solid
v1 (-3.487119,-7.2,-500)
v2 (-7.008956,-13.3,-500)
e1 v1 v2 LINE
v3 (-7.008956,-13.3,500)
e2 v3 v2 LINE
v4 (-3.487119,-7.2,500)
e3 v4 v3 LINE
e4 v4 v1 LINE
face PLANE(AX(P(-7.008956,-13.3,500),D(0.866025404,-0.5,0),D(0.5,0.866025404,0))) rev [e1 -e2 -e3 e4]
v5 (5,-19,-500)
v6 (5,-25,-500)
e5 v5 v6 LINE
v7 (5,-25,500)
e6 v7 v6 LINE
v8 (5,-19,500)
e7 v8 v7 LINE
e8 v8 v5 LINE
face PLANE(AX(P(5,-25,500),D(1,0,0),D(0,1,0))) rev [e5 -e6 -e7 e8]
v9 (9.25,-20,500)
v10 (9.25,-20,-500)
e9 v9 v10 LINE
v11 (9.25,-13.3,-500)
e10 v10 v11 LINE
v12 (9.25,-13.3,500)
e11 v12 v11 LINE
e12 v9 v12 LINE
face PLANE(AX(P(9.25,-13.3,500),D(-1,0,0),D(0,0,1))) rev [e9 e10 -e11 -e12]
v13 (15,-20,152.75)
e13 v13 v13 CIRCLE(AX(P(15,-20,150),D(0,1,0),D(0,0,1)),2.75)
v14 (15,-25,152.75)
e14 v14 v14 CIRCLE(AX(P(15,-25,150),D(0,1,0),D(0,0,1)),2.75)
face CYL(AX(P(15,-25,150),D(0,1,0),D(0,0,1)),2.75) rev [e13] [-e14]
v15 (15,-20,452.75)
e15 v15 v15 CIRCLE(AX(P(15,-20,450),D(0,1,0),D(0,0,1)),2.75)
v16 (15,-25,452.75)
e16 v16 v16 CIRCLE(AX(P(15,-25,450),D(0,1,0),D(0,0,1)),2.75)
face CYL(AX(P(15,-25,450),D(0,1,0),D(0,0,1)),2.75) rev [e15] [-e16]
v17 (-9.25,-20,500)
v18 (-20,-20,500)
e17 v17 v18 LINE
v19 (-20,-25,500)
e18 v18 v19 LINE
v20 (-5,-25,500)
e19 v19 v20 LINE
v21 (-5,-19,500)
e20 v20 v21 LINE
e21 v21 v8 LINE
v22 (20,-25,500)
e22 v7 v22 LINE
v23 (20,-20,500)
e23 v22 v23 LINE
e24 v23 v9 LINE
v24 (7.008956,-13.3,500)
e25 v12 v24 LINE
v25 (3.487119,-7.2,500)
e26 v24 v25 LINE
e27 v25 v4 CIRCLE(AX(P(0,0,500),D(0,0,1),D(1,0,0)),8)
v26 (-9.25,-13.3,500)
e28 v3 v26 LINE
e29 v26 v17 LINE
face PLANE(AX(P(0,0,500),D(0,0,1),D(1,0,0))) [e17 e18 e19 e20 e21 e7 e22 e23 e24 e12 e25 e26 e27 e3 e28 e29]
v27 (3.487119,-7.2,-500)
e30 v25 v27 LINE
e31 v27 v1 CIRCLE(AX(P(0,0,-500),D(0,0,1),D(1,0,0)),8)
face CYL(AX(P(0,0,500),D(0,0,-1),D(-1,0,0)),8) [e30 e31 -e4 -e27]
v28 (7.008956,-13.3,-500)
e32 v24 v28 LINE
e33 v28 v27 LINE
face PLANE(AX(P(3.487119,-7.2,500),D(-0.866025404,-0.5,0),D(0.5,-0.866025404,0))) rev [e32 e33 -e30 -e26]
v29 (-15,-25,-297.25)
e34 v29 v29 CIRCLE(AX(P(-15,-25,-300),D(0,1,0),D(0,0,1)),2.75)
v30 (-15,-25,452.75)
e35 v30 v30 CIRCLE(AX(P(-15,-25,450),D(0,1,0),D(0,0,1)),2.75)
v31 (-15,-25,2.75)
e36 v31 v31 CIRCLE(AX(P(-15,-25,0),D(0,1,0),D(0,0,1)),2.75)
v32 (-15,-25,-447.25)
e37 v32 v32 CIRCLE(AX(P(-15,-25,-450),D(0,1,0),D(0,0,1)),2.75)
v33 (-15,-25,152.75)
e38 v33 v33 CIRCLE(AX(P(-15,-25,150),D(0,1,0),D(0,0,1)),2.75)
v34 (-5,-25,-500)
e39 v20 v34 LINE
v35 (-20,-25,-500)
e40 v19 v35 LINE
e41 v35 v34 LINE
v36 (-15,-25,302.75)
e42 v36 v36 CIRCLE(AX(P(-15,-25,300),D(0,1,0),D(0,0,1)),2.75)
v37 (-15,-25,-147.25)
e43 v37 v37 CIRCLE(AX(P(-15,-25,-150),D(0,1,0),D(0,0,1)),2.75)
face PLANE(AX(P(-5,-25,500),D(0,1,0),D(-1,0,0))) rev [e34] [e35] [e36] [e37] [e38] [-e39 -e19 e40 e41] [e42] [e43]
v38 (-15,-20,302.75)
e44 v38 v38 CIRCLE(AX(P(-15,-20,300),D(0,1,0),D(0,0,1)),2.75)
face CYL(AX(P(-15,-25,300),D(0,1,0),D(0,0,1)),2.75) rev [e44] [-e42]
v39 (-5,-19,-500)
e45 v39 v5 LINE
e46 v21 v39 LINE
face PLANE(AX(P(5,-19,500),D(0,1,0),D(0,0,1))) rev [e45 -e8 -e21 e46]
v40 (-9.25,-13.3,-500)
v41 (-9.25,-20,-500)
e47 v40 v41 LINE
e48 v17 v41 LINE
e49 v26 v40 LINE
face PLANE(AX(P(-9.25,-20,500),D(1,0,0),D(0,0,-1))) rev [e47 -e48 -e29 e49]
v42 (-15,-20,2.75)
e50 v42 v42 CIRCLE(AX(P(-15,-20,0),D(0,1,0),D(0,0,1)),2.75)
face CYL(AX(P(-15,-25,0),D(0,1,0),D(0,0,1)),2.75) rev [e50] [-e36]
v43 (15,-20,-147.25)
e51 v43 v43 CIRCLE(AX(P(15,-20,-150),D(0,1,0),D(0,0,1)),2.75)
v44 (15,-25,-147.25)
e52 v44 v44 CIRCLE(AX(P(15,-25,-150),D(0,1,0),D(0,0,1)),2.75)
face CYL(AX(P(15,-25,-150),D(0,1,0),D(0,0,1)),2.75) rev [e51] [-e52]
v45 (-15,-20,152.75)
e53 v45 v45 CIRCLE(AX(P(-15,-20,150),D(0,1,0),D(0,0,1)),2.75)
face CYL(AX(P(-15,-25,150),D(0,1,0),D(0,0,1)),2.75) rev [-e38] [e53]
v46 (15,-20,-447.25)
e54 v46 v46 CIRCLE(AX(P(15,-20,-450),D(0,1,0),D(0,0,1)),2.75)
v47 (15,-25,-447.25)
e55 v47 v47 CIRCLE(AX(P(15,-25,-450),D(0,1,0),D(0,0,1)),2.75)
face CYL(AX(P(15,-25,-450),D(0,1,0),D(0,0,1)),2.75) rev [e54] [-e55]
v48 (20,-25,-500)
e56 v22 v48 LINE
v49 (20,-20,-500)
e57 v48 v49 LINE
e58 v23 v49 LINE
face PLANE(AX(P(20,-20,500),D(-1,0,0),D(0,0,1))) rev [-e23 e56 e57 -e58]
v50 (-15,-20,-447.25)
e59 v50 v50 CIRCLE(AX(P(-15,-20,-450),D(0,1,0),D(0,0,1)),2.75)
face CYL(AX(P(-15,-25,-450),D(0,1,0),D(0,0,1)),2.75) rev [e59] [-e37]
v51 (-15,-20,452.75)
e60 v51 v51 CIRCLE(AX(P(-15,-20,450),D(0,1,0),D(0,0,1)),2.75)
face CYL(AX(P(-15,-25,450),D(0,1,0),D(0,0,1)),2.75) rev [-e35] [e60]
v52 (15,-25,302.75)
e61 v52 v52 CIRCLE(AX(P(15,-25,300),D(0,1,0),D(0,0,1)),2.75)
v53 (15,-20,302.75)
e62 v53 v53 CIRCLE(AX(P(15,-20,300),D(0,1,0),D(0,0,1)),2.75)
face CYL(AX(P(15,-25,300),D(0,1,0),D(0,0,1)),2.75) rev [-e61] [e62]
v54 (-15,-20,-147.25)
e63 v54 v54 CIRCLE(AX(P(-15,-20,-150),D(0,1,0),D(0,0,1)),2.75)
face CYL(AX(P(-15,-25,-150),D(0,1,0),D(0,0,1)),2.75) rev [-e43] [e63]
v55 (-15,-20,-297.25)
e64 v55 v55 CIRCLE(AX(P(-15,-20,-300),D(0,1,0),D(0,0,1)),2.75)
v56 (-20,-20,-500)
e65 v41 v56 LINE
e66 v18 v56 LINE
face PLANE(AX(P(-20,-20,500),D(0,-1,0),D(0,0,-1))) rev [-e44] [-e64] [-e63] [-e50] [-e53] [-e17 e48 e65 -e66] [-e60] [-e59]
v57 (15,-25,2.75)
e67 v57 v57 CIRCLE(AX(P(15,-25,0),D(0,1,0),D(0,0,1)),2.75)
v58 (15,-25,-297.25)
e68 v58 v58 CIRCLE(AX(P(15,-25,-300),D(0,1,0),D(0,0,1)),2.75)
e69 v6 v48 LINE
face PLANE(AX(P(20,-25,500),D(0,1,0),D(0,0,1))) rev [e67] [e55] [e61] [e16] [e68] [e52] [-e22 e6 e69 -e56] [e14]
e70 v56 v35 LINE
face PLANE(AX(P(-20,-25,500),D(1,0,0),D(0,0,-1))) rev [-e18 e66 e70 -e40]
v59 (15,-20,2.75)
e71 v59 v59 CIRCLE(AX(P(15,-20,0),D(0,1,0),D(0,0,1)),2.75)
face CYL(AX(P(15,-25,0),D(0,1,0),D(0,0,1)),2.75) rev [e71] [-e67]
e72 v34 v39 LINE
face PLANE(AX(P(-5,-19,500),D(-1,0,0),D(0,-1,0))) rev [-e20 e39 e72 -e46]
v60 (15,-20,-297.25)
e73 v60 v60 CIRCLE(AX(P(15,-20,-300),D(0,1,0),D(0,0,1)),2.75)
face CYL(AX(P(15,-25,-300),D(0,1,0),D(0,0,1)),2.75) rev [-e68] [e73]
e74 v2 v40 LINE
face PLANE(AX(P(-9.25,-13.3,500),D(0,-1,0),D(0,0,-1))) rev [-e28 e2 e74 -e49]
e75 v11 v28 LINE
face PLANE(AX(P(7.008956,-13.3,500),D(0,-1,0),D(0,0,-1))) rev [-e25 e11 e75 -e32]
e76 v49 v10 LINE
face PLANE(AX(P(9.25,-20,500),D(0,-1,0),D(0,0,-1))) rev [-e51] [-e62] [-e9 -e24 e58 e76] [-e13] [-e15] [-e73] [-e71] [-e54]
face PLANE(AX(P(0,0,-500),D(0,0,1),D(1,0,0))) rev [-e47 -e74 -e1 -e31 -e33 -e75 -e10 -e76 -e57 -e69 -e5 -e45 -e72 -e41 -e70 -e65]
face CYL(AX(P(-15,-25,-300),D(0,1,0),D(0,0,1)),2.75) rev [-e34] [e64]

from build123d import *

# Parameters (mm, degrees)
BOSS_EXTRUDE1_DEPTH = 500
SKETCH2_R           = 2.75
CUT_EXTRUDE1_DEPTH  = 6
LPATTERN1_COUNT     = 7
LPATTERN1_PITCH     = 150


with BuildPart() as part:
    # Sketch1 → Boss-Extrude1 (new body, symmetric)
    with BuildSketch(Plane.XY):
        with BuildLine():
            Line((-7.008955797, -13.3), (-3.487119155, -7.2))
            ThreePointArc((-3.487119155, -7.2), (0, 8), (3.487119155, -7.2))
            Line((3.487119155, -7.2), (7.008955797, -13.3))
            Line((7.008955797, -13.3), (9.25, -13.3))
            Line((9.25, -13.3), (9.25, -20))
            Line((9.25, -20), (20, -20))
            Line((20, -20), (20, -25))
            Line((20, -25), (5, -25))
            Line((5, -25), (5, -19))
            Line((5, -19), (-5, -19))
            Line((-5, -19), (-5, -25))
            Line((-5, -25), (-20, -25))
            Line((-20, -25), (-20, -20))
            Line((-20, -20), (-9.25, -20))
            Line((-9.25, -20), (-9.25, -13.3))
            Line((-9.25, -13.3), (-7.008955797, -13.3))
        make_face()
    extrude(amount=BOSS_EXTRUDE1_DEPTH, both=True)

    # Sketch2 → Cut-Extrude1 (cut, through all)
    with BuildSketch(Plane(origin=(0, -20, 0), x_dir=(1, 0, 0), z_dir=(0, 1, 0))):
        with Locations(Location((15, -450, 0), (0, 0, 270))):  # turned: the seam where the file's is
            Circle(SKETCH2_R)
        with Locations(Location((-15, -450, 0), (0, 0, 270))):  # turned: the seam where the file's is
            Circle(SKETCH2_R)
    cut_extrude1 = extrude(amount=-CUT_EXTRUDE1_DEPTH, mode=Mode.SUBTRACT)

    # LPattern1: Cut-Extrude1 ×7
    with Locations(*[(0, 0, -i * LPATTERN1_PITCH) for i in range(1, LPATTERN1_COUNT)]):
        add(cut_extrude1, mode=Mode.SUBTRACT)


solid = part.part
